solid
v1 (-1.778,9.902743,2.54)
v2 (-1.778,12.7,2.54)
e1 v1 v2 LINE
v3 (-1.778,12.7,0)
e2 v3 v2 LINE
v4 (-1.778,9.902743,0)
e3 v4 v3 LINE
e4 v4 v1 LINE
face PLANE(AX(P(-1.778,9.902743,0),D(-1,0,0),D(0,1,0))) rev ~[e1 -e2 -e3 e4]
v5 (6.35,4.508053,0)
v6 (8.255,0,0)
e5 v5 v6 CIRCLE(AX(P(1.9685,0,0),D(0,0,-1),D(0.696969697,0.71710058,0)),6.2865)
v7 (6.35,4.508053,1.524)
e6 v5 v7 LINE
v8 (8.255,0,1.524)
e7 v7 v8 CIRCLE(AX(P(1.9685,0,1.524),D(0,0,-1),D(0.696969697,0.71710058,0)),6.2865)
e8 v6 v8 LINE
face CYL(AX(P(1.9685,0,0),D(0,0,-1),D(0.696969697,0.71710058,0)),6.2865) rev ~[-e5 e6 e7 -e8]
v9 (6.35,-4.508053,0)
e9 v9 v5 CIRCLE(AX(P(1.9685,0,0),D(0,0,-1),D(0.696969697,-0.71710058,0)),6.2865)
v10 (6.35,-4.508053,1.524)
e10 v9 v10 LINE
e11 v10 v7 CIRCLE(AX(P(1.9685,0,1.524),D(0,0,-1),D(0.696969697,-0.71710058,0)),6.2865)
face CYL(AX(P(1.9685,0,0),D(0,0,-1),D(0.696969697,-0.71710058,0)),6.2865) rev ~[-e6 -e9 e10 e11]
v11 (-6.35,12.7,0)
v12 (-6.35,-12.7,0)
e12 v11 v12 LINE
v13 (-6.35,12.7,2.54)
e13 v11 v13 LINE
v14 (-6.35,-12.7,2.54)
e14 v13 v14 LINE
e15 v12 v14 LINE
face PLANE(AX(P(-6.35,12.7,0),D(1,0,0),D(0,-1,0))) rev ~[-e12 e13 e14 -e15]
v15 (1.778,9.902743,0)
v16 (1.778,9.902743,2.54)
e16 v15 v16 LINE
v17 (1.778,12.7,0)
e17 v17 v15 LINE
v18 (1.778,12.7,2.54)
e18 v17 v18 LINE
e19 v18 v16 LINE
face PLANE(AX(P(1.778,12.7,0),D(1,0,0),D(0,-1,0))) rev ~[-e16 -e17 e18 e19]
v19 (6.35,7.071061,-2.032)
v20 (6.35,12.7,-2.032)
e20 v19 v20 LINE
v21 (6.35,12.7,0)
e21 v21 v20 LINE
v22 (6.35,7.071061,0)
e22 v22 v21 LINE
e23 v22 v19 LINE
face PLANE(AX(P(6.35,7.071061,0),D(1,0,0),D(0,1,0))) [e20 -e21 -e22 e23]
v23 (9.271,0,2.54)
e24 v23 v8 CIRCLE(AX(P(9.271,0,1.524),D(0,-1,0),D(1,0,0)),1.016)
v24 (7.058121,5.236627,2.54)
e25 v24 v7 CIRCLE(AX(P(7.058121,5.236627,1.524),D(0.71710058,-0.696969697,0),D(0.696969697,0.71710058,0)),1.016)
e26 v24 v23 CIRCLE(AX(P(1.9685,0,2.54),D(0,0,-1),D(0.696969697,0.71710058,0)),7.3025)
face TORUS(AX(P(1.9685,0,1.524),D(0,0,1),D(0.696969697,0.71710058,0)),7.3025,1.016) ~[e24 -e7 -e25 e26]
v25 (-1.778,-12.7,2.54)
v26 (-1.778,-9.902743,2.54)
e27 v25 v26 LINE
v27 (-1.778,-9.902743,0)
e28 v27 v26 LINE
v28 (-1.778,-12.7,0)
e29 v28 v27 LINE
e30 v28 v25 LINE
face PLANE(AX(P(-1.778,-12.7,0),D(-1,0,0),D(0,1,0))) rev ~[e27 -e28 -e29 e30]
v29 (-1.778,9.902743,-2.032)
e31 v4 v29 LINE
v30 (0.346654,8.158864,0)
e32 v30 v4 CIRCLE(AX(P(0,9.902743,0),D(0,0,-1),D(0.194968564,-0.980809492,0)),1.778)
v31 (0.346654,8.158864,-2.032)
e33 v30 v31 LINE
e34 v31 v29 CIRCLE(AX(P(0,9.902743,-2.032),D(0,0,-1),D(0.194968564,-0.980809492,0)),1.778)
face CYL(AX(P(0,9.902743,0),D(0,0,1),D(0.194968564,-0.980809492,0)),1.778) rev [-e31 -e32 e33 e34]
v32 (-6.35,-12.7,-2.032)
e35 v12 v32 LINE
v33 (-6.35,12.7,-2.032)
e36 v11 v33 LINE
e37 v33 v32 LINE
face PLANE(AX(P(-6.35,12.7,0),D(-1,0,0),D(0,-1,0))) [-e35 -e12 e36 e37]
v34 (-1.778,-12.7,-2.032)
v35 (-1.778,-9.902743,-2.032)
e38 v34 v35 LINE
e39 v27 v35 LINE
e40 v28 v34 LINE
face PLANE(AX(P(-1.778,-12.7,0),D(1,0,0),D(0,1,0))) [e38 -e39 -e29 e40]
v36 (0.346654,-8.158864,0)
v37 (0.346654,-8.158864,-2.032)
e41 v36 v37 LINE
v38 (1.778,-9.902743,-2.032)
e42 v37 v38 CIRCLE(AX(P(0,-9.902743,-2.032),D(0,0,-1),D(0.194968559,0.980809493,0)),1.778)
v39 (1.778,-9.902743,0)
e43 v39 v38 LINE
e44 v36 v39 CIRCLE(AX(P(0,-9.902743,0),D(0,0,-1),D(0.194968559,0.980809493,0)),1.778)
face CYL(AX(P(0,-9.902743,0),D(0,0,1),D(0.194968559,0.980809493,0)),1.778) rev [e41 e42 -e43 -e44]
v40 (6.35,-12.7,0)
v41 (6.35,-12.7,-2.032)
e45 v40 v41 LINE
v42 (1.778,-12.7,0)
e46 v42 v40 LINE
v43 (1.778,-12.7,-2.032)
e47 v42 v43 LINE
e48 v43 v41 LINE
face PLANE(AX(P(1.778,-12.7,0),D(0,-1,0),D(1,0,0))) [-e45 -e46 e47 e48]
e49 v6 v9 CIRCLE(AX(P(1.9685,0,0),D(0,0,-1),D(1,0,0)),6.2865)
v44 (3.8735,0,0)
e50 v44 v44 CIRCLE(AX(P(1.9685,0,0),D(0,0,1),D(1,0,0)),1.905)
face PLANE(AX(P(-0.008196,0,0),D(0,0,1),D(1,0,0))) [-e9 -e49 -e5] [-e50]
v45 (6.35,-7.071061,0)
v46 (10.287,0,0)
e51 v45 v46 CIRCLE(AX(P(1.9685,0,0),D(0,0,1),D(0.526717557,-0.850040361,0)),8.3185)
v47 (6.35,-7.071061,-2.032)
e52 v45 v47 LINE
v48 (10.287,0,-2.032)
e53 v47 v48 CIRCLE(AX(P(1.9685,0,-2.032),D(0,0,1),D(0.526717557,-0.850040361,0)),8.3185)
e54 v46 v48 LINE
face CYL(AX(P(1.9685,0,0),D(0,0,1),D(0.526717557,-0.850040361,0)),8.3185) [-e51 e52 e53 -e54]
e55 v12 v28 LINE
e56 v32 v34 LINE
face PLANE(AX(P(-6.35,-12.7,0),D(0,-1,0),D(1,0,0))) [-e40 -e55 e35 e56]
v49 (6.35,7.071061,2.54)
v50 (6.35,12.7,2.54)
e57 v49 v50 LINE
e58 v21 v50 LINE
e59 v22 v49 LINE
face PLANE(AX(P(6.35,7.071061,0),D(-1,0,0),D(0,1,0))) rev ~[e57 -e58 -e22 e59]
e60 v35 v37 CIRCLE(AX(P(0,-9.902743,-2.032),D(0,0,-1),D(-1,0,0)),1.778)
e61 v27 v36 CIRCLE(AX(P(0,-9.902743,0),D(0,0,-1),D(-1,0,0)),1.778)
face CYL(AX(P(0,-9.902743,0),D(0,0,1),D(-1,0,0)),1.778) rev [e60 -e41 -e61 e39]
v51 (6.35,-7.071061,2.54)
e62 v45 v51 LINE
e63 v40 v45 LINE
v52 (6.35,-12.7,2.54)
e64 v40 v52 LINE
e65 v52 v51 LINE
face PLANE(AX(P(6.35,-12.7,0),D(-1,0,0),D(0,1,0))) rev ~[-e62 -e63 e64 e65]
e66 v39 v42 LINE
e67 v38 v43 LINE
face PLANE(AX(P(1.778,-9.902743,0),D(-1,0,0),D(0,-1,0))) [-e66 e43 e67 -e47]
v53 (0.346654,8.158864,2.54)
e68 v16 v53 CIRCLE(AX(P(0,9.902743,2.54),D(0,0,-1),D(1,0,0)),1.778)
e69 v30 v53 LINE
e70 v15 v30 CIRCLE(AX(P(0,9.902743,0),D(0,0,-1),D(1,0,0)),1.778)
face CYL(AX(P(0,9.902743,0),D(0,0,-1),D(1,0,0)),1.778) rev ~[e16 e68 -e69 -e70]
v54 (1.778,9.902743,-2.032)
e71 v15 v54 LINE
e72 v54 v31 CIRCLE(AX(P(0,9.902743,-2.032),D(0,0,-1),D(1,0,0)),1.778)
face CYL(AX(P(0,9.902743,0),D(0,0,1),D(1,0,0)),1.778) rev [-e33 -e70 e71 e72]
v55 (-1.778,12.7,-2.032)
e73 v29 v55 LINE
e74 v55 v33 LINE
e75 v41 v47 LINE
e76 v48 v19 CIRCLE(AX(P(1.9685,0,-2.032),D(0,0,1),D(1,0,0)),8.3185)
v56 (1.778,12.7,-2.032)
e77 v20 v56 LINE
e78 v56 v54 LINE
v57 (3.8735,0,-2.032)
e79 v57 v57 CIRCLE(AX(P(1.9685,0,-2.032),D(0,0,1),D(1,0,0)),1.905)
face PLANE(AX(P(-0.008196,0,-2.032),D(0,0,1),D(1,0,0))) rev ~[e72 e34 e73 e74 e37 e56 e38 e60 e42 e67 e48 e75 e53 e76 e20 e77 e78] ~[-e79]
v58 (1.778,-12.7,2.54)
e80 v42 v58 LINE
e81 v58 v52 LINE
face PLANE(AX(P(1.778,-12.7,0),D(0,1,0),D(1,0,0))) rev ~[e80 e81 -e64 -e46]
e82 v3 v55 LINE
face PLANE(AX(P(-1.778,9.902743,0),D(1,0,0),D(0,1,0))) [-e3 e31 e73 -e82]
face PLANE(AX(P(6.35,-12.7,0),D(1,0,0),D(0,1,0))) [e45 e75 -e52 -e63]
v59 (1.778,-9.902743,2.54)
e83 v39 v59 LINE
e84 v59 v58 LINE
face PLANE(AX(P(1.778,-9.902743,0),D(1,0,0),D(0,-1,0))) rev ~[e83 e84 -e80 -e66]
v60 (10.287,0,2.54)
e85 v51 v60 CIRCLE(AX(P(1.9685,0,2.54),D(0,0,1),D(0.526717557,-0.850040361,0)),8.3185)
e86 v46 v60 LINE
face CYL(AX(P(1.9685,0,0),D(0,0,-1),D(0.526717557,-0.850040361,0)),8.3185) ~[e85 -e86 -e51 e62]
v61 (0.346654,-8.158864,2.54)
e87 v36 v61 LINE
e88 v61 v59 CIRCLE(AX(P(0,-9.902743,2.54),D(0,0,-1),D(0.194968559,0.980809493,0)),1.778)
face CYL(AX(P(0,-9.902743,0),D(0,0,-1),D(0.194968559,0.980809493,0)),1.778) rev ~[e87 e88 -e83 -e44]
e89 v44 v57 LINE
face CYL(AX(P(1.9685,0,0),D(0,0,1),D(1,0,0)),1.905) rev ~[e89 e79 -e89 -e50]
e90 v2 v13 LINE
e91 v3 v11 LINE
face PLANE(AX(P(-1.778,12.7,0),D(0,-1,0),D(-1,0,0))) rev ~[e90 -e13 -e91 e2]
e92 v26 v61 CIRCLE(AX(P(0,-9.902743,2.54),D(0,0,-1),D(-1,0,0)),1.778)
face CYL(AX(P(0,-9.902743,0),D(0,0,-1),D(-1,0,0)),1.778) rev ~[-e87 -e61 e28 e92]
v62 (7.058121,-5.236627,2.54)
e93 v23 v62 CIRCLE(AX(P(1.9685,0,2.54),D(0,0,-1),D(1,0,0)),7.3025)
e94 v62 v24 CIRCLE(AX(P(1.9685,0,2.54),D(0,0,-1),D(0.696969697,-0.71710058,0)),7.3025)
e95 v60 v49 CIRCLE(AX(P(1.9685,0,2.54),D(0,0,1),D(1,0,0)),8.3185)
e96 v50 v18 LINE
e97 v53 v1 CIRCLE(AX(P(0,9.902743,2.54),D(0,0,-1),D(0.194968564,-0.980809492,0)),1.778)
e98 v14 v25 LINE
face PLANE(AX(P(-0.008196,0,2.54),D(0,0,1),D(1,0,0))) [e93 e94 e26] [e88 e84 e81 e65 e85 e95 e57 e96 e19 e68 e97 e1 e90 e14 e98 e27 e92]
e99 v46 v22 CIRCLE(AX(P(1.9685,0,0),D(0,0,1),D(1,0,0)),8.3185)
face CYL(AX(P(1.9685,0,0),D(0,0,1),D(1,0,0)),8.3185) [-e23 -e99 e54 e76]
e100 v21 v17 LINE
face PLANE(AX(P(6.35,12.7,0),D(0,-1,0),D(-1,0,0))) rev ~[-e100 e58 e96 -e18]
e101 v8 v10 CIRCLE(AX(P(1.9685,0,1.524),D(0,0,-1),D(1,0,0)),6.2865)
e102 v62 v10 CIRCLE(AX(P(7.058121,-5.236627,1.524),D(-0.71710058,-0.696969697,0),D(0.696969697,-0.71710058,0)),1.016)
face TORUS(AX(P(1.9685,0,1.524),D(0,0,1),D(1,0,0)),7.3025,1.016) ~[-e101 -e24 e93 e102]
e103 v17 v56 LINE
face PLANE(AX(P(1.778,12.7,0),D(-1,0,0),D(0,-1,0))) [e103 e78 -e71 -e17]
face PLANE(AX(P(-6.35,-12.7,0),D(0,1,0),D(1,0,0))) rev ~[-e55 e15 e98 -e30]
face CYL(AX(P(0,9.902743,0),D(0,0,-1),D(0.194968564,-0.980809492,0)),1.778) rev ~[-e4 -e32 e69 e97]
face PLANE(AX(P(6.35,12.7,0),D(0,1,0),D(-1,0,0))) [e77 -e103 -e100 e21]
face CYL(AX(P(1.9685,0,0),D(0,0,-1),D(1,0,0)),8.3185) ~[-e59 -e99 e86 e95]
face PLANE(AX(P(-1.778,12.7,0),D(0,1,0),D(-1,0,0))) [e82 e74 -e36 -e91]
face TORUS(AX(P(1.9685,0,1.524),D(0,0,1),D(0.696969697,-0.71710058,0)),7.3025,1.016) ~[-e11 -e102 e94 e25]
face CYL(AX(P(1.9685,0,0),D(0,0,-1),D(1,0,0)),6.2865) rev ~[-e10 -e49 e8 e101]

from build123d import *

# Parameters (mm, degrees)
F0_R     = 1.905
F1_DEPTH = 2.032
F2_DEPTH = 2.54
F3_R     = 1.016


with BuildPart() as f1:
    # F0 (on Top) → F1 (new body)
    with BuildSketch(Plane.XY):
        with BuildLine():
            Line((6.35, 4.5080527947), (6.35, 7.0710607408))
            ThreePointArc((6.35, 7.0710607408), (3.4516559454, 8.1852117072), (0.3466541063, 8.1588637779))
            ThreePointArc((0.3466541063, 8.1588637779), (-4.4614598428, 5.2775997073), (-6.35, 1.93e-08))
            ThreePointArc((-6.35, 1.93e-08), (-4.4614598575, -5.2775996893), (0.3466540985, -8.1588637764))
            ThreePointArc((0.3466540985, -8.1588637764), (3.4516559415, -8.1852117079), (6.35, -7.0710607408))
            Line((6.35, -7.0710607408), (6.35, -4.5080527947))
            ThreePointArc((6.35, -4.5080527947), (-4.318, 0), (6.35, 4.5080527947))
        make_face()
        with BuildLine():
            Line((6.35, -4.5080527947), (6.35, 4.5080527947))
            ThreePointArc((6.35, 4.5080527947), (-4.318, 0), (6.35, -4.5080527947))
        make_face()
        with Locations((1.9685, 0)):
            Circle(F0_R, mode=Mode.SUBTRACT)
        with BuildLine():
            ThreePointArc((8.255, 0), (7.7591986625, 2.4470168062), (6.35, 4.5080527947))
            Line((6.35, 4.5080527947), (6.35, -4.5080527947))
            ThreePointArc((6.35, -4.5080527947), (7.7591986625, -2.4470168062), (8.255, 0))
        make_face()
        with BuildLine():
            ThreePointArc((10.287, 0), (9.2364071953, 4.0465994675), (6.35, 7.0710607408))
            Line((6.35, 7.0710607408), (6.35, 4.5080527947))
            ThreePointArc((6.35, 4.5080527947), (7.7591986625, 2.4470168062), (8.255, 0))
            ThreePointArc((8.255, 0), (7.7591986625, -2.4470168062), (6.35, -4.5080527947))
            Line((6.35, -4.5080527947), (6.35, -7.0710607408))
            ThreePointArc((6.35, -7.0710607408), (9.2364071953, -4.0465994675), (10.287, 0))
        make_face()
        with BuildLine():
            Line((-1.778, 9.9027430543), (-1.778, 12.7))
            Line((-1.778, 12.7), (-6.35, 12.7))
            Line((-6.35, 12.7), (-6.35, 1.93e-08))
            ThreePointArc((-6.35, 1.93e-08), (-4.4614598428, 5.2775997073), (0.3466541063, 8.1588637779))
            ThreePointArc((0.3466541063, 8.1588637779), (-1.1280365683, 8.528400484), (-1.778, 9.9027430543))
        make_face()
        with BuildLine():
            Line((6.35, 7.0710607408), (6.35, 12.7))
            Line((6.35, 12.7), (1.778, 12.7))
            Line((1.778, 12.7), (1.778, 9.9027430543))
            ThreePointArc((1.778, 9.9027430543), (1.3743425703, 8.774706486), (0.3466541063, 8.1588637779))
            ThreePointArc((0.3466541063, 8.1588637779), (3.4516559454, 8.1852117072), (6.35, 7.0710607408))
        make_face()
        with BuildLine():
            Line((6.35, -12.7), (6.35, -7.0710607408))
            ThreePointArc((6.35, -7.0710607408), (3.4516559415, -8.1852117079), (0.3466540985, -8.1588637764))
            ThreePointArc((0.3466540985, -8.1588637764), (1.3743425678, -8.7747064829), (1.778, -9.9027430543))
            Line((1.778, -9.9027430543), (1.778, -12.7))
            Line((1.778, -12.7), (6.35, -12.7))
        make_face()
        with BuildLine():
            ThreePointArc((0.3466540985, -8.1588637764), (-4.4614598575, -5.2775996893), (-6.35, 1.93e-08))
            Line((-6.35, 1.93e-08), (-6.35, -12.7))
            Line((-6.35, -12.7), (-1.778, -12.7))
            Line((-1.778, -12.7), (-1.778, -9.9027430543))
            ThreePointArc((-1.778, -9.9027430543), (-1.1280365714, -8.5284004866), (0.3466540985, -8.1588637764))
        make_face()
    extrude(amount=-F1_DEPTH)

    # F0 (on Top) → F2 (join)
    with BuildSketch(Plane.XY):
        with BuildLine():
            Line((6.35, 4.5080527947), (6.35, 7.0710607408))
            ThreePointArc((6.35, 7.0710607408), (3.4516559454, 8.1852117072), (0.3466541063, 8.1588637779))
            ThreePointArc((0.3466541063, 8.1588637779), (-4.4614598428, 5.2775997073), (-6.35, 1.93e-08))
            ThreePointArc((-6.35, 1.93e-08), (-4.4614598575, -5.2775996893), (0.3466540985, -8.1588637764))
            ThreePointArc((0.3466540985, -8.1588637764), (3.4516559415, -8.1852117079), (6.35, -7.0710607408))
            Line((6.35, -7.0710607408), (6.35, -4.5080527947))
            ThreePointArc((6.35, -4.5080527947), (-4.318, 0), (6.35, 4.5080527947))
        make_face()
        with BuildLine():
            ThreePointArc((10.287, 0), (9.2364071953, 4.0465994675), (6.35, 7.0710607408))
            Line((6.35, 7.0710607408), (6.35, 4.5080527947))
            ThreePointArc((6.35, 4.5080527947), (7.7591986625, 2.4470168062), (8.255, 0))
            ThreePointArc((8.255, 0), (7.7591986625, -2.4470168062), (6.35, -4.5080527947))
            Line((6.35, -4.5080527947), (6.35, -7.0710607408))
            ThreePointArc((6.35, -7.0710607408), (9.2364071953, -4.0465994675), (10.287, 0))
        make_face()
        with BuildLine():
            Line((6.35, 7.0710607408), (6.35, 12.7))
            Line((6.35, 12.7), (1.778, 12.7))
            Line((1.778, 12.7), (1.778, 9.9027430543))
            ThreePointArc((1.778, 9.9027430543), (1.3743425703, 8.774706486), (0.3466541063, 8.1588637779))
            ThreePointArc((0.3466541063, 8.1588637779), (3.4516559454, 8.1852117072), (6.35, 7.0710607408))
        make_face()
        with BuildLine():
            Line((-1.778, 9.9027430543), (-1.778, 12.7))
            Line((-1.778, 12.7), (-6.35, 12.7))
            Line((-6.35, 12.7), (-6.35, 1.93e-08))
            ThreePointArc((-6.35, 1.93e-08), (-4.4614598428, 5.2775997073), (0.3466541063, 8.1588637779))
            ThreePointArc((0.3466541063, 8.1588637779), (-1.1280365683, 8.528400484), (-1.778, 9.9027430543))
        make_face()
        with BuildLine():
            Line((6.35, -12.7), (6.35, -7.0710607408))
            ThreePointArc((6.35, -7.0710607408), (3.4516559415, -8.1852117079), (0.3466540985, -8.1588637764))
            ThreePointArc((0.3466540985, -8.1588637764), (1.3743425678, -8.7747064829), (1.778, -9.9027430543))
            Line((1.778, -9.9027430543), (1.778, -12.7))
            Line((1.778, -12.7), (6.35, -12.7))
        make_face()
        with BuildLine():
            ThreePointArc((0.3466540985, -8.1588637764), (-4.4614598575, -5.2775996893), (-6.35, 1.93e-08))
            Line((-6.35, 1.93e-08), (-6.35, -12.7))
            Line((-6.35, -12.7), (-1.778, -12.7))
            Line((-1.778, -12.7), (-1.778, -9.9027430543))
            ThreePointArc((-1.778, -9.9027430543), (-1.1280365714, -8.5284004866), (0.3466540985, -8.1588637764))
        make_face()
    extrude(amount=F2_DEPTH)

    # F3
    f3_edges = [f1.edges().sort_by_distance(p)[0] for p in [
        (-2.413, -4.508053, 2.54),
    ]]
    fillet(f3_edges, radius=F3_R)


solid = f1.part
